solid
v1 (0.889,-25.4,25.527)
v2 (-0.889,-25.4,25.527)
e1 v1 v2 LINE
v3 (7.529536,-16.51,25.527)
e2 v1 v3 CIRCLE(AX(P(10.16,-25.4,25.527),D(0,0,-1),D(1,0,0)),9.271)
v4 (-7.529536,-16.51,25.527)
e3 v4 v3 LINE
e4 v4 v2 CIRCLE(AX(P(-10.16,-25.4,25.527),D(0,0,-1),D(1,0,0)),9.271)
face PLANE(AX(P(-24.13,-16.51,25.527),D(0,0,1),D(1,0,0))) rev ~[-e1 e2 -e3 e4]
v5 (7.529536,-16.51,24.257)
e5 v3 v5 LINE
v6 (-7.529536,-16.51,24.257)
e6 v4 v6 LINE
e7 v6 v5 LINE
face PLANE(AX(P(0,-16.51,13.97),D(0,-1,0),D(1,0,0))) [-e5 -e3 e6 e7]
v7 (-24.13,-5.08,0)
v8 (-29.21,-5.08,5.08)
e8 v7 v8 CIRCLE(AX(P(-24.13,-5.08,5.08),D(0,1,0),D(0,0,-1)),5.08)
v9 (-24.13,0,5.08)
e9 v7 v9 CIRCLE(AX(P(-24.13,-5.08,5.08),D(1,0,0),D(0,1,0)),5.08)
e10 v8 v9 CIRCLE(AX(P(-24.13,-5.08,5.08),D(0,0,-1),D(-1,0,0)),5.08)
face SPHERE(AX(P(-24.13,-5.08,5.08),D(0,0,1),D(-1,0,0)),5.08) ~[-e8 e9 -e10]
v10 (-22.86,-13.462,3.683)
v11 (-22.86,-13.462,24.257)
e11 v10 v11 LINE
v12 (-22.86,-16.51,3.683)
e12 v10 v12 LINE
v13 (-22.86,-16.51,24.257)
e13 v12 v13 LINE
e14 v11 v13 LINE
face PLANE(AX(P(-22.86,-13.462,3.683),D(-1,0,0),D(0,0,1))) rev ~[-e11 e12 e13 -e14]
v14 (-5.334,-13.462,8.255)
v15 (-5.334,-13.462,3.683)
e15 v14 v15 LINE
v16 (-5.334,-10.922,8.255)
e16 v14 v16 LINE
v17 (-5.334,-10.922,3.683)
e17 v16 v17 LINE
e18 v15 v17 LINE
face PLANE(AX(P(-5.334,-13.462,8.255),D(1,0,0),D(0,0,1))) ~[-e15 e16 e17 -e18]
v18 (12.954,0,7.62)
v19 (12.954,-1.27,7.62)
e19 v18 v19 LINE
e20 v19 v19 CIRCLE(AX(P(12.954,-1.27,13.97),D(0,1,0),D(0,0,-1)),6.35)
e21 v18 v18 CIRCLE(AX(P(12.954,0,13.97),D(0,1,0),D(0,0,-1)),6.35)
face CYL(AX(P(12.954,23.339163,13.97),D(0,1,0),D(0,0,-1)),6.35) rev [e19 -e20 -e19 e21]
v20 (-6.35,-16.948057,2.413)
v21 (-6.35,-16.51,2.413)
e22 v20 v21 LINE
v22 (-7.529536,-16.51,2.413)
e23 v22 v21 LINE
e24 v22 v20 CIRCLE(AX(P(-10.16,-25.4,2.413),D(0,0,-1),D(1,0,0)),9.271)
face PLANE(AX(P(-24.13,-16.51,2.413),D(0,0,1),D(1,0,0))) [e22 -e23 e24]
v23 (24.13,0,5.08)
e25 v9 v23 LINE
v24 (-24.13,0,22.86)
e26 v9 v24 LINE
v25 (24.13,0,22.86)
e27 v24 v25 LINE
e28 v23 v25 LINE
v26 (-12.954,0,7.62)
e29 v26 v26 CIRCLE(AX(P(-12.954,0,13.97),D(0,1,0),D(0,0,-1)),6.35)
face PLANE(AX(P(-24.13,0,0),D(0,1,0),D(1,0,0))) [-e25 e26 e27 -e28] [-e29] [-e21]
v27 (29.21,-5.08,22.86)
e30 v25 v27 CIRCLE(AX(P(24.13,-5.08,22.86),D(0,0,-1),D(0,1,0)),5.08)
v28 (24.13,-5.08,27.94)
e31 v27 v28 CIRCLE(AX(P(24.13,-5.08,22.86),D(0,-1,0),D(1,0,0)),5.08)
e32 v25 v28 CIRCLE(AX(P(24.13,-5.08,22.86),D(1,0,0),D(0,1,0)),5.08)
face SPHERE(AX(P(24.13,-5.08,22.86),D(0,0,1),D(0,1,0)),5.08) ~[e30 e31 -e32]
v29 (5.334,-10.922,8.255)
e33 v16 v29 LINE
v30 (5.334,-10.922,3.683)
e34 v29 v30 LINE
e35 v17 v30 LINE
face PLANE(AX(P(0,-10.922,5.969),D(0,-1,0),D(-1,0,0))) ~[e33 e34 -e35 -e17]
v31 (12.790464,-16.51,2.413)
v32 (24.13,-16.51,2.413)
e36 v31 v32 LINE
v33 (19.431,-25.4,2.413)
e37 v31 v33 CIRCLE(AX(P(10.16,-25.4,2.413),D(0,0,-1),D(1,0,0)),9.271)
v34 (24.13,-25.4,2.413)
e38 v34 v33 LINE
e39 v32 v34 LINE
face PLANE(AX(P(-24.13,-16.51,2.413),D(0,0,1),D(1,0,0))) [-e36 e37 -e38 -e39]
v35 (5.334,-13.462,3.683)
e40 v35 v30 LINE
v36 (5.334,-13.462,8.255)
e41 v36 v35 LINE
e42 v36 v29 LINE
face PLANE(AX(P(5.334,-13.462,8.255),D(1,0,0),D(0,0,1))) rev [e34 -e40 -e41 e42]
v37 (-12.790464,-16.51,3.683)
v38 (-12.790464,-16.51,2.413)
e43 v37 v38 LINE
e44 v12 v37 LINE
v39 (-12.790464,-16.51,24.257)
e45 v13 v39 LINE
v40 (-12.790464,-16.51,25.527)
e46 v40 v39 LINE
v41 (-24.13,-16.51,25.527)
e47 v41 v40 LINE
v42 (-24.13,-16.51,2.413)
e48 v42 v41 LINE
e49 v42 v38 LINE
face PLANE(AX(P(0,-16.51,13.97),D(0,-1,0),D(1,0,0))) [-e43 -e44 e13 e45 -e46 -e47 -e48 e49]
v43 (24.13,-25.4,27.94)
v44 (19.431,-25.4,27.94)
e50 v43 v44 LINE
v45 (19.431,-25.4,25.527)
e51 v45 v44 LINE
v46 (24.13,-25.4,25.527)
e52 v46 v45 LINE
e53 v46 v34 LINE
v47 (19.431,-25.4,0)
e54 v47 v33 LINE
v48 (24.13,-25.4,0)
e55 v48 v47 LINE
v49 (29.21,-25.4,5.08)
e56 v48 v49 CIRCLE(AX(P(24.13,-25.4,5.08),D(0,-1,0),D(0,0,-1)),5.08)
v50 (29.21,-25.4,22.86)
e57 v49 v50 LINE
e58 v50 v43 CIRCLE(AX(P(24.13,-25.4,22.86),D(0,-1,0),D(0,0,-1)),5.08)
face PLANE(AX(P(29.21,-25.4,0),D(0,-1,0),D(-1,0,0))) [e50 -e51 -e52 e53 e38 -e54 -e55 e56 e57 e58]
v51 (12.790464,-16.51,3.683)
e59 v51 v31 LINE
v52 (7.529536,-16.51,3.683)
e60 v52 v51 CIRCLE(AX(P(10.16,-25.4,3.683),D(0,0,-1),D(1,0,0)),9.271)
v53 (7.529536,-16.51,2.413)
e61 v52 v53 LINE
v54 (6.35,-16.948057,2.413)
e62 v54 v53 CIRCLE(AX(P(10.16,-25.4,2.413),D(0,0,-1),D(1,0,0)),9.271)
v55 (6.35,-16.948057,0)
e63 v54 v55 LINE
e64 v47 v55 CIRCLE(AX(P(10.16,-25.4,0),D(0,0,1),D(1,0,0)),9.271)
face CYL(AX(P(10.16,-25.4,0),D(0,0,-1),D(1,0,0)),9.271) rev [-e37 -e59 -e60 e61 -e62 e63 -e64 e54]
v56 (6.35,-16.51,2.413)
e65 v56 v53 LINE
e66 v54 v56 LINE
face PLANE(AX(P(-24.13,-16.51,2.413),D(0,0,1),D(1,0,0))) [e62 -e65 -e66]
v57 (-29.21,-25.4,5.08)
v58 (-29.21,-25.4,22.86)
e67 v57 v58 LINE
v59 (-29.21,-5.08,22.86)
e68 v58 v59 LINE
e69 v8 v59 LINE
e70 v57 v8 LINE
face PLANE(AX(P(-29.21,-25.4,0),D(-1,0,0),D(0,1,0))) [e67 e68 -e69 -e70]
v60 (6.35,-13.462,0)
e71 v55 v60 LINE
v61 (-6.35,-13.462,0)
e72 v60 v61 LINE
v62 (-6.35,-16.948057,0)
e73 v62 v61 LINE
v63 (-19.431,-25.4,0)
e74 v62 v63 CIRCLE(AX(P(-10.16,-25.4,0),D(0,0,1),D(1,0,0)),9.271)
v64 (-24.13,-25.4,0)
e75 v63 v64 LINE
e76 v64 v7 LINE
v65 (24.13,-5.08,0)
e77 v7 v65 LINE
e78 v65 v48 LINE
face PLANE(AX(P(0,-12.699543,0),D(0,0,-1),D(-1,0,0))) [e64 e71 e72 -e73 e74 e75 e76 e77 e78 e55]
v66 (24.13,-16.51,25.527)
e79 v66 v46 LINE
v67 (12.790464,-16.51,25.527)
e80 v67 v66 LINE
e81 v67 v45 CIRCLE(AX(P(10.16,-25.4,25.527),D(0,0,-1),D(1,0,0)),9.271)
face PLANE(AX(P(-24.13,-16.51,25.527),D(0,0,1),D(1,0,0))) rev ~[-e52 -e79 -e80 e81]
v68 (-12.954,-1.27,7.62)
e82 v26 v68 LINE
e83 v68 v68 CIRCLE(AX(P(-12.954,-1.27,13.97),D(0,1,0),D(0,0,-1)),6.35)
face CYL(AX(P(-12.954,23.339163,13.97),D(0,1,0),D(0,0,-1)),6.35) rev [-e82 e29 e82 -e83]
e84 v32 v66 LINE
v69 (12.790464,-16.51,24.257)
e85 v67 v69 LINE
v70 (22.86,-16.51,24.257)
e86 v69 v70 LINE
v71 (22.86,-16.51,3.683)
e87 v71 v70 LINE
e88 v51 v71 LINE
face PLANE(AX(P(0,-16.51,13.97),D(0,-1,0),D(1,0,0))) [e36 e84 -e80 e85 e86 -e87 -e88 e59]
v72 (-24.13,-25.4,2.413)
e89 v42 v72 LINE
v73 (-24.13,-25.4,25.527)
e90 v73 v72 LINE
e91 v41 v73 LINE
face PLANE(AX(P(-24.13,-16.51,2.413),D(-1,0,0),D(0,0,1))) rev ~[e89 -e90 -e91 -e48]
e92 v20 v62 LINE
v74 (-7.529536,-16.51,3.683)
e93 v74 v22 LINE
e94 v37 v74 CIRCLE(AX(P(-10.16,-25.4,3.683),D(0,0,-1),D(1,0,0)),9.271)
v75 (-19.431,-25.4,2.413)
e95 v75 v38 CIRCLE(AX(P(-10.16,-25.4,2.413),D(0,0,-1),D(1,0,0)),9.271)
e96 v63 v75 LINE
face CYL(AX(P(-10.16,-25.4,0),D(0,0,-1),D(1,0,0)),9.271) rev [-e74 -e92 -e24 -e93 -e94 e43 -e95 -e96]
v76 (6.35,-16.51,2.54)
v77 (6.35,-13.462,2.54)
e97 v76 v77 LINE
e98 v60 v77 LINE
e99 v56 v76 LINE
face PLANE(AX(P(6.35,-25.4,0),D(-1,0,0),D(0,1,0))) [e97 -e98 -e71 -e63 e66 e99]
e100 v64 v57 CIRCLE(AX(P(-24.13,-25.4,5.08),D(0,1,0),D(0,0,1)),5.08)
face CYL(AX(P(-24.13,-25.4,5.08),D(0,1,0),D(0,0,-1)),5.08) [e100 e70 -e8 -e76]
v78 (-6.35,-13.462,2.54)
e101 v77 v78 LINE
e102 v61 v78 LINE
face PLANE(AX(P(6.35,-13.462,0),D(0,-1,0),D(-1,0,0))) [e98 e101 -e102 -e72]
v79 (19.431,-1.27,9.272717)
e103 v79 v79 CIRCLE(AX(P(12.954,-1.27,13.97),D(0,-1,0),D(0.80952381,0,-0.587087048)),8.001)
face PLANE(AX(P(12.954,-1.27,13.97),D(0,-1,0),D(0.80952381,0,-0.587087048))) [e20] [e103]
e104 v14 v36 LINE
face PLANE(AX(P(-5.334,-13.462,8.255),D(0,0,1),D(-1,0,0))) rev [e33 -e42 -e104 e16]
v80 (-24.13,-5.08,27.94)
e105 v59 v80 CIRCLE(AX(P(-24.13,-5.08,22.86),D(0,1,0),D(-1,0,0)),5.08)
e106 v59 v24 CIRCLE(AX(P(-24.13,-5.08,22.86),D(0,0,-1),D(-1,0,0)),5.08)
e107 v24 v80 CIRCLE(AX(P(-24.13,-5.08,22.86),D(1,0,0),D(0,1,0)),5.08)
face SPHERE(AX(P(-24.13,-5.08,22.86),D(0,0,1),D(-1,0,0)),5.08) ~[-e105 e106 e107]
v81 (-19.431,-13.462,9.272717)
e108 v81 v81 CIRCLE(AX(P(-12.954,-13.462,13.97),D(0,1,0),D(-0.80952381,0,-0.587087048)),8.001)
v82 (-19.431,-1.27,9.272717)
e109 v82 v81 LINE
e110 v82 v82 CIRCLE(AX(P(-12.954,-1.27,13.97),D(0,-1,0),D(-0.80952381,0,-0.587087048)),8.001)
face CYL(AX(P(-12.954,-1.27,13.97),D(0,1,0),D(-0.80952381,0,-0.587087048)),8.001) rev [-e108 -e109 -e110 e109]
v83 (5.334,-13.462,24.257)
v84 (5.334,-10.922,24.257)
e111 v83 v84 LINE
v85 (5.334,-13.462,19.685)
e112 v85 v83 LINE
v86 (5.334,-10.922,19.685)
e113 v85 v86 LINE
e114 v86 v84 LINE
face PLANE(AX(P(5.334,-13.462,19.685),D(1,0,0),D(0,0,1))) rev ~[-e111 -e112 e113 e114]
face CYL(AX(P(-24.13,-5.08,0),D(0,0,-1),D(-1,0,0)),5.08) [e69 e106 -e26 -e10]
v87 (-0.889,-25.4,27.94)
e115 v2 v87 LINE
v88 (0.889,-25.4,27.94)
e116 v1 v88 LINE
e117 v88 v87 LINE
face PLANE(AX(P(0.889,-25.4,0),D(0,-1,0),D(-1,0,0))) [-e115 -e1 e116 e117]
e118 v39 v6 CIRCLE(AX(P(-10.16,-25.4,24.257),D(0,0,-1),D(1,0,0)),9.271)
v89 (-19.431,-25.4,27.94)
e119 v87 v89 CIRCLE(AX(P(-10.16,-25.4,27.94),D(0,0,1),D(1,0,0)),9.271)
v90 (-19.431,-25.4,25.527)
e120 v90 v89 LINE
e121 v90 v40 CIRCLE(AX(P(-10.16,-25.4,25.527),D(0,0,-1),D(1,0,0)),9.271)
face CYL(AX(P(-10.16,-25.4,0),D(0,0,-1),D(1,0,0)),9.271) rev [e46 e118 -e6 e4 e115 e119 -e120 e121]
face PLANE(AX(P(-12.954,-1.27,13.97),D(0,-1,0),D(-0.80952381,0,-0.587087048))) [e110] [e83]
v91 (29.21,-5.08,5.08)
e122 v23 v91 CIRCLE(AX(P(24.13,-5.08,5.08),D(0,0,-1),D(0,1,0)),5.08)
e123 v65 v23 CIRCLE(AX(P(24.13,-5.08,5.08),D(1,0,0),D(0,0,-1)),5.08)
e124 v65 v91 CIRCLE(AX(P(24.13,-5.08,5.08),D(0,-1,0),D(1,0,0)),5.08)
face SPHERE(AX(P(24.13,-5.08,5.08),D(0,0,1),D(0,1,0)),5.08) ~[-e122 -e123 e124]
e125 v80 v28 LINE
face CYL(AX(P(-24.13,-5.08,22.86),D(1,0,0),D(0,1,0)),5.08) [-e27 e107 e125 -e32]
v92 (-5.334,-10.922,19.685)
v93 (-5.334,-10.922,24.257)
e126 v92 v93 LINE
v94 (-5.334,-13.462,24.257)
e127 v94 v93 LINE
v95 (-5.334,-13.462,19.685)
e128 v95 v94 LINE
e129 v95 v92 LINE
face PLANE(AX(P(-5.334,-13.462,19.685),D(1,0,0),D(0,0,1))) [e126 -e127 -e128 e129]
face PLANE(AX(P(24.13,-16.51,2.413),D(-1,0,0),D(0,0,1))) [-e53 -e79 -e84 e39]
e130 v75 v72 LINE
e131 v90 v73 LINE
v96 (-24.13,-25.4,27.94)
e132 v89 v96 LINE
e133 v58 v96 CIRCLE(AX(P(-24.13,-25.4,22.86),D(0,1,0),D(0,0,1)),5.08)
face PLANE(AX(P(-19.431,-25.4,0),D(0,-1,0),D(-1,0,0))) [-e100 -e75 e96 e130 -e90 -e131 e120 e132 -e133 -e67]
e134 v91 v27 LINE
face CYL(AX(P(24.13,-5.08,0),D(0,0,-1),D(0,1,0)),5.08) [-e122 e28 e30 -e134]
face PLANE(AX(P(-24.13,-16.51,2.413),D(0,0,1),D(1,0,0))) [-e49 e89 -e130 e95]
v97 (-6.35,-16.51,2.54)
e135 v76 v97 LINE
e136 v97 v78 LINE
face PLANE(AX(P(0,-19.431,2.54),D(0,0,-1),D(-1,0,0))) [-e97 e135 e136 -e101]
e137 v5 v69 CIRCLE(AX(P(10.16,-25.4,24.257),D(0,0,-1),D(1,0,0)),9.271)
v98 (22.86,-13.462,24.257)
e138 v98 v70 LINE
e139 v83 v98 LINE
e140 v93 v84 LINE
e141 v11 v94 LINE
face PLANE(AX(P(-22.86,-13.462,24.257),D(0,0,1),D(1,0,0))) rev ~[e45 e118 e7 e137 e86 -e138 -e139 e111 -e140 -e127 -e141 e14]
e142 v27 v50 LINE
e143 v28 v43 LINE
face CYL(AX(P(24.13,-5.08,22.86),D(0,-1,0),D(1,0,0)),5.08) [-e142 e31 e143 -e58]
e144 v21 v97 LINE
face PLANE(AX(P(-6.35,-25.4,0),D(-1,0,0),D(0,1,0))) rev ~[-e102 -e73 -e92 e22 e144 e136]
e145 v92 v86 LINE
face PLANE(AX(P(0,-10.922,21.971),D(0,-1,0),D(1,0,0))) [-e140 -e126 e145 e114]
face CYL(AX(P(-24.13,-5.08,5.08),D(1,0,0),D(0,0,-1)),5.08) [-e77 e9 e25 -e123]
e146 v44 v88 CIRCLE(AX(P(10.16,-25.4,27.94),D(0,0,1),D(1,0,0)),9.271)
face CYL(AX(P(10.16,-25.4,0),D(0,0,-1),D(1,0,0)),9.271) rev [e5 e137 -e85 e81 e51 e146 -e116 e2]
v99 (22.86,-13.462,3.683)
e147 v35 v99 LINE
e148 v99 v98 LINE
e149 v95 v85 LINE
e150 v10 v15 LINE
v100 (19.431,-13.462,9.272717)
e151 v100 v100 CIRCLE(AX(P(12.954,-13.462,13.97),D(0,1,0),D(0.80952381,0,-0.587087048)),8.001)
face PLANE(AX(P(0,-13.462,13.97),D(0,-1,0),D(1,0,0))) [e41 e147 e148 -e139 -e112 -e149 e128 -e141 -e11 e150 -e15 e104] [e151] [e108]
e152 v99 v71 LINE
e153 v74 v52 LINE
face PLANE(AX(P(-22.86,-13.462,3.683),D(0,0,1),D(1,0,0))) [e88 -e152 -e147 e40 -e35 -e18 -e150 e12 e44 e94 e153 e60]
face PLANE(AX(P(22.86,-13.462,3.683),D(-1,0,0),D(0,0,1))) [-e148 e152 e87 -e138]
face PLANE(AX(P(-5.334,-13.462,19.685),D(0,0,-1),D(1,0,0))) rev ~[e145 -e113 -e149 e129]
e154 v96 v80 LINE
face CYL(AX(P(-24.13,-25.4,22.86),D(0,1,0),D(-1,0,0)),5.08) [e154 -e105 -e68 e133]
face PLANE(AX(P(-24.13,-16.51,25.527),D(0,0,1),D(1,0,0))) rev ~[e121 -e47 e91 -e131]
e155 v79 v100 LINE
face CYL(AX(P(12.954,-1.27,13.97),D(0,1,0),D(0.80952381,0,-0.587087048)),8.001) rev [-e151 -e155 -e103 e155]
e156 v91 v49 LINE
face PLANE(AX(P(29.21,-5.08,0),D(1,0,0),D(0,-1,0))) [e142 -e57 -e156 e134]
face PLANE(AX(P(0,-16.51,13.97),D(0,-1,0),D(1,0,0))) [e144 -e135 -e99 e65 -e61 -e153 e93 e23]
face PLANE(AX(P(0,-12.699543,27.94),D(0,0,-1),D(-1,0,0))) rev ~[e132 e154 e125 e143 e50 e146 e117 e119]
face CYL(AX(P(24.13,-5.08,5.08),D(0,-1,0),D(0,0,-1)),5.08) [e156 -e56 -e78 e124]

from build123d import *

# Parameters (mm, degrees)
BOSS_EXTRUDE1_DEPTH     = 27.94
CUT_EXTRUDE1_DEPTH      = 48.739163168
CUT_EXTRUDE1_DEPTH_BACK = 48.739163168
SKETCH3_R               = 6.35
CUT_EXTRUDE2_DEPTH      = 48.73916328
CUT_EXTRUDE2_DEPTH_BACK = 24.13
SKETCH4_R               = 8.001
CUT_EXTRUDE3_REACH      = 61.268
CUT_EXTRUDE3_START      = 12.192
SKETCH5_W               = 45.72
SKETCH5_H               = 20.574
SKETCH6_W               = 10.668
SKETCH6_H               = 4.572
CUT_EXTRUDE4_DEPTH      = 2.54
SKETCH7_W               = 12.7
SKETCH7_H               = 11.938
CUT_EXTRUDE5_DEPTH      = 2.54
FILLET1_R               = 5.08
CUT_EXTRUDE6_START      = 3.048
SKETCH8_W               = 48.26
SKETCH8_H               = 23.114
CUT_EXTRUDE6_DEPTH      = 12.7


with BuildPart() as part:
    # Sketch2 → Boss-Extrude1 (new body)
    with BuildSketch(Plane.XY):
        with BuildLine():
            Line((29.21, -5.08), (29.21, -25.4))
            Line((29.21, -25.4), (19.431, -25.4))
            ThreePointArc((19.431, -25.4), (10.16, -16.129), (0.889, -25.4))
            Line((0.889, -25.4), (-0.889, -25.4))
            ThreePointArc((-0.889, -25.4), (-10.16, -16.129), (-19.431, -25.4))
            Line((-19.431, -25.4), (-29.21, -25.4))
            Line((-29.21, -25.4), (-29.21, -5.08))
            ThreePointArc((-29.21, -5.08), (-27.722102448, -1.487897552), (-24.13, 0))
            Line((-24.13, 0), (24.13, 0))
            ThreePointArc((24.13, 0), (27.722102448, -1.487897552), (29.21, -5.08))
        make_face()
    extrude(amount=BOSS_EXTRUDE1_DEPTH)

    # Sketch3 → Cut-Extrude1 (cut, two sides: drawn at the far end of the back side and taken through both)
    with BuildSketch(Plane.XZ.offset(25.4).offset(-CUT_EXTRUDE1_DEPTH_BACK)):
        with Locations(Location((-12.954, 13.97, 0), (0, 0, 270))):
            Circle(SKETCH3_R)
        with Locations(Location((12.954, 13.97, 0), (0, 0, 270))):
            Circle(SKETCH3_R)
    extrude(amount=CUT_EXTRUDE1_DEPTH + CUT_EXTRUDE1_DEPTH_BACK, mode=Mode.SUBTRACT)

    # Sketch4 → Cut-Extrude2 (cut, two sides: drawn at the far end of the back side and taken through both)
    with BuildSketch(Plane.XZ.offset(25.4).offset(-CUT_EXTRUDE2_DEPTH_BACK)):
        with Locations(Location((-12.954, 13.97, 0), (0, 0, 215.950567609))):
            Circle(SKETCH4_R)
        with Locations(Location((12.954, 13.97, 0), (0, 0, 324.04943238))):
            Circle(SKETCH4_R)
    extrude(amount=CUT_EXTRUDE2_DEPTH + CUT_EXTRUDE2_DEPTH_BACK, mode=Mode.SUBTRACT)

    # Cut-Extrude3: up to this face of the body (flat: up to its plane)
    cut_extrude3_end = Plane(part.part.faces().sort_by_distance((-24.47856499, -25.4, 13.97))[0])
    # Sketch5 → Cut-Extrude3 (cut, up to the picked face)
    with BuildSketch(Plane.XZ.offset(1.27).offset(CUT_EXTRUDE3_START), mode=Mode.PRIVATE) as cut_extrude3_sk1:
        with Locations((0, 13.97)):
            Rectangle(SKETCH5_W, SKETCH5_H)
    cut_extrude3_tool1 = split(extrude(cut_extrude3_sk1.sketch, amount=CUT_EXTRUDE3_REACH, mode=Mode.PRIVATE), bisect_by=cut_extrude3_end, keep=Keep.BOTH, mode=Mode.PRIVATE)
    add(cut_extrude3_tool1.solids().sort_by(Axis((0, -13.462, 13.97), (0, -1, 0)))[0], mode=Mode.SUBTRACT)

    # Sketch6 → Cut-Extrude4 (cut)
    with BuildSketch(Plane.XZ.offset(13.462)):
        with Locations((0, 21.971)):
            Rectangle(SKETCH6_W, SKETCH6_H)
    cut_extrude4 = extrude(amount=-CUT_EXTRUDE4_DEPTH, mode=Mode.SUBTRACT)

    # Mirror1: Cut-Extrude4 across plane
    add(cut_extrude4.mirror(Plane.XY.offset(13.97)), mode=Mode.SUBTRACT)

    # Sketch7 → Cut-Extrude5 (cut)
    with BuildSketch(Plane(origin=(0, 0, 0), x_dir=(-1, 0, 0), z_dir=(0, 0, -1))):
        with Locations((0, -19.431)):
            Rectangle(SKETCH7_W, SKETCH7_H)
    extrude(amount=-CUT_EXTRUDE5_DEPTH, mode=Mode.SUBTRACT)

    # Fillet1
    fillet1_edges = [part.edges().sort_by_distance(p)[0] for p in [
        (-29.21, -15.24, 0),
        (-27.722102448, -1.487897552, 0),
        (0, 0, 0),
        (27.722102448, -1.487897552, 27.94),
        (27.722102448, -1.487897552, 0),
        (29.21, -15.24, 0),
        (0, 0, 27.94),
        (-27.722102448, -1.487897552, 27.94),
        (-29.21, -15.24, 27.94),
        (29.21, -15.24, 27.94),
    ]]
    fillet(fillet1_edges, radius=FILLET1_R)

    # Sketch8 → Cut-Extrude6 (cut)
    with BuildSketch(Plane.XZ.offset(13.462).offset(CUT_EXTRUDE6_START)):
        with Locations((0, 13.97)):
            Rectangle(SKETCH8_W, SKETCH8_H)
    extrude(amount=CUT_EXTRUDE6_DEPTH, mode=Mode.SUBTRACT)


solid = part.part
